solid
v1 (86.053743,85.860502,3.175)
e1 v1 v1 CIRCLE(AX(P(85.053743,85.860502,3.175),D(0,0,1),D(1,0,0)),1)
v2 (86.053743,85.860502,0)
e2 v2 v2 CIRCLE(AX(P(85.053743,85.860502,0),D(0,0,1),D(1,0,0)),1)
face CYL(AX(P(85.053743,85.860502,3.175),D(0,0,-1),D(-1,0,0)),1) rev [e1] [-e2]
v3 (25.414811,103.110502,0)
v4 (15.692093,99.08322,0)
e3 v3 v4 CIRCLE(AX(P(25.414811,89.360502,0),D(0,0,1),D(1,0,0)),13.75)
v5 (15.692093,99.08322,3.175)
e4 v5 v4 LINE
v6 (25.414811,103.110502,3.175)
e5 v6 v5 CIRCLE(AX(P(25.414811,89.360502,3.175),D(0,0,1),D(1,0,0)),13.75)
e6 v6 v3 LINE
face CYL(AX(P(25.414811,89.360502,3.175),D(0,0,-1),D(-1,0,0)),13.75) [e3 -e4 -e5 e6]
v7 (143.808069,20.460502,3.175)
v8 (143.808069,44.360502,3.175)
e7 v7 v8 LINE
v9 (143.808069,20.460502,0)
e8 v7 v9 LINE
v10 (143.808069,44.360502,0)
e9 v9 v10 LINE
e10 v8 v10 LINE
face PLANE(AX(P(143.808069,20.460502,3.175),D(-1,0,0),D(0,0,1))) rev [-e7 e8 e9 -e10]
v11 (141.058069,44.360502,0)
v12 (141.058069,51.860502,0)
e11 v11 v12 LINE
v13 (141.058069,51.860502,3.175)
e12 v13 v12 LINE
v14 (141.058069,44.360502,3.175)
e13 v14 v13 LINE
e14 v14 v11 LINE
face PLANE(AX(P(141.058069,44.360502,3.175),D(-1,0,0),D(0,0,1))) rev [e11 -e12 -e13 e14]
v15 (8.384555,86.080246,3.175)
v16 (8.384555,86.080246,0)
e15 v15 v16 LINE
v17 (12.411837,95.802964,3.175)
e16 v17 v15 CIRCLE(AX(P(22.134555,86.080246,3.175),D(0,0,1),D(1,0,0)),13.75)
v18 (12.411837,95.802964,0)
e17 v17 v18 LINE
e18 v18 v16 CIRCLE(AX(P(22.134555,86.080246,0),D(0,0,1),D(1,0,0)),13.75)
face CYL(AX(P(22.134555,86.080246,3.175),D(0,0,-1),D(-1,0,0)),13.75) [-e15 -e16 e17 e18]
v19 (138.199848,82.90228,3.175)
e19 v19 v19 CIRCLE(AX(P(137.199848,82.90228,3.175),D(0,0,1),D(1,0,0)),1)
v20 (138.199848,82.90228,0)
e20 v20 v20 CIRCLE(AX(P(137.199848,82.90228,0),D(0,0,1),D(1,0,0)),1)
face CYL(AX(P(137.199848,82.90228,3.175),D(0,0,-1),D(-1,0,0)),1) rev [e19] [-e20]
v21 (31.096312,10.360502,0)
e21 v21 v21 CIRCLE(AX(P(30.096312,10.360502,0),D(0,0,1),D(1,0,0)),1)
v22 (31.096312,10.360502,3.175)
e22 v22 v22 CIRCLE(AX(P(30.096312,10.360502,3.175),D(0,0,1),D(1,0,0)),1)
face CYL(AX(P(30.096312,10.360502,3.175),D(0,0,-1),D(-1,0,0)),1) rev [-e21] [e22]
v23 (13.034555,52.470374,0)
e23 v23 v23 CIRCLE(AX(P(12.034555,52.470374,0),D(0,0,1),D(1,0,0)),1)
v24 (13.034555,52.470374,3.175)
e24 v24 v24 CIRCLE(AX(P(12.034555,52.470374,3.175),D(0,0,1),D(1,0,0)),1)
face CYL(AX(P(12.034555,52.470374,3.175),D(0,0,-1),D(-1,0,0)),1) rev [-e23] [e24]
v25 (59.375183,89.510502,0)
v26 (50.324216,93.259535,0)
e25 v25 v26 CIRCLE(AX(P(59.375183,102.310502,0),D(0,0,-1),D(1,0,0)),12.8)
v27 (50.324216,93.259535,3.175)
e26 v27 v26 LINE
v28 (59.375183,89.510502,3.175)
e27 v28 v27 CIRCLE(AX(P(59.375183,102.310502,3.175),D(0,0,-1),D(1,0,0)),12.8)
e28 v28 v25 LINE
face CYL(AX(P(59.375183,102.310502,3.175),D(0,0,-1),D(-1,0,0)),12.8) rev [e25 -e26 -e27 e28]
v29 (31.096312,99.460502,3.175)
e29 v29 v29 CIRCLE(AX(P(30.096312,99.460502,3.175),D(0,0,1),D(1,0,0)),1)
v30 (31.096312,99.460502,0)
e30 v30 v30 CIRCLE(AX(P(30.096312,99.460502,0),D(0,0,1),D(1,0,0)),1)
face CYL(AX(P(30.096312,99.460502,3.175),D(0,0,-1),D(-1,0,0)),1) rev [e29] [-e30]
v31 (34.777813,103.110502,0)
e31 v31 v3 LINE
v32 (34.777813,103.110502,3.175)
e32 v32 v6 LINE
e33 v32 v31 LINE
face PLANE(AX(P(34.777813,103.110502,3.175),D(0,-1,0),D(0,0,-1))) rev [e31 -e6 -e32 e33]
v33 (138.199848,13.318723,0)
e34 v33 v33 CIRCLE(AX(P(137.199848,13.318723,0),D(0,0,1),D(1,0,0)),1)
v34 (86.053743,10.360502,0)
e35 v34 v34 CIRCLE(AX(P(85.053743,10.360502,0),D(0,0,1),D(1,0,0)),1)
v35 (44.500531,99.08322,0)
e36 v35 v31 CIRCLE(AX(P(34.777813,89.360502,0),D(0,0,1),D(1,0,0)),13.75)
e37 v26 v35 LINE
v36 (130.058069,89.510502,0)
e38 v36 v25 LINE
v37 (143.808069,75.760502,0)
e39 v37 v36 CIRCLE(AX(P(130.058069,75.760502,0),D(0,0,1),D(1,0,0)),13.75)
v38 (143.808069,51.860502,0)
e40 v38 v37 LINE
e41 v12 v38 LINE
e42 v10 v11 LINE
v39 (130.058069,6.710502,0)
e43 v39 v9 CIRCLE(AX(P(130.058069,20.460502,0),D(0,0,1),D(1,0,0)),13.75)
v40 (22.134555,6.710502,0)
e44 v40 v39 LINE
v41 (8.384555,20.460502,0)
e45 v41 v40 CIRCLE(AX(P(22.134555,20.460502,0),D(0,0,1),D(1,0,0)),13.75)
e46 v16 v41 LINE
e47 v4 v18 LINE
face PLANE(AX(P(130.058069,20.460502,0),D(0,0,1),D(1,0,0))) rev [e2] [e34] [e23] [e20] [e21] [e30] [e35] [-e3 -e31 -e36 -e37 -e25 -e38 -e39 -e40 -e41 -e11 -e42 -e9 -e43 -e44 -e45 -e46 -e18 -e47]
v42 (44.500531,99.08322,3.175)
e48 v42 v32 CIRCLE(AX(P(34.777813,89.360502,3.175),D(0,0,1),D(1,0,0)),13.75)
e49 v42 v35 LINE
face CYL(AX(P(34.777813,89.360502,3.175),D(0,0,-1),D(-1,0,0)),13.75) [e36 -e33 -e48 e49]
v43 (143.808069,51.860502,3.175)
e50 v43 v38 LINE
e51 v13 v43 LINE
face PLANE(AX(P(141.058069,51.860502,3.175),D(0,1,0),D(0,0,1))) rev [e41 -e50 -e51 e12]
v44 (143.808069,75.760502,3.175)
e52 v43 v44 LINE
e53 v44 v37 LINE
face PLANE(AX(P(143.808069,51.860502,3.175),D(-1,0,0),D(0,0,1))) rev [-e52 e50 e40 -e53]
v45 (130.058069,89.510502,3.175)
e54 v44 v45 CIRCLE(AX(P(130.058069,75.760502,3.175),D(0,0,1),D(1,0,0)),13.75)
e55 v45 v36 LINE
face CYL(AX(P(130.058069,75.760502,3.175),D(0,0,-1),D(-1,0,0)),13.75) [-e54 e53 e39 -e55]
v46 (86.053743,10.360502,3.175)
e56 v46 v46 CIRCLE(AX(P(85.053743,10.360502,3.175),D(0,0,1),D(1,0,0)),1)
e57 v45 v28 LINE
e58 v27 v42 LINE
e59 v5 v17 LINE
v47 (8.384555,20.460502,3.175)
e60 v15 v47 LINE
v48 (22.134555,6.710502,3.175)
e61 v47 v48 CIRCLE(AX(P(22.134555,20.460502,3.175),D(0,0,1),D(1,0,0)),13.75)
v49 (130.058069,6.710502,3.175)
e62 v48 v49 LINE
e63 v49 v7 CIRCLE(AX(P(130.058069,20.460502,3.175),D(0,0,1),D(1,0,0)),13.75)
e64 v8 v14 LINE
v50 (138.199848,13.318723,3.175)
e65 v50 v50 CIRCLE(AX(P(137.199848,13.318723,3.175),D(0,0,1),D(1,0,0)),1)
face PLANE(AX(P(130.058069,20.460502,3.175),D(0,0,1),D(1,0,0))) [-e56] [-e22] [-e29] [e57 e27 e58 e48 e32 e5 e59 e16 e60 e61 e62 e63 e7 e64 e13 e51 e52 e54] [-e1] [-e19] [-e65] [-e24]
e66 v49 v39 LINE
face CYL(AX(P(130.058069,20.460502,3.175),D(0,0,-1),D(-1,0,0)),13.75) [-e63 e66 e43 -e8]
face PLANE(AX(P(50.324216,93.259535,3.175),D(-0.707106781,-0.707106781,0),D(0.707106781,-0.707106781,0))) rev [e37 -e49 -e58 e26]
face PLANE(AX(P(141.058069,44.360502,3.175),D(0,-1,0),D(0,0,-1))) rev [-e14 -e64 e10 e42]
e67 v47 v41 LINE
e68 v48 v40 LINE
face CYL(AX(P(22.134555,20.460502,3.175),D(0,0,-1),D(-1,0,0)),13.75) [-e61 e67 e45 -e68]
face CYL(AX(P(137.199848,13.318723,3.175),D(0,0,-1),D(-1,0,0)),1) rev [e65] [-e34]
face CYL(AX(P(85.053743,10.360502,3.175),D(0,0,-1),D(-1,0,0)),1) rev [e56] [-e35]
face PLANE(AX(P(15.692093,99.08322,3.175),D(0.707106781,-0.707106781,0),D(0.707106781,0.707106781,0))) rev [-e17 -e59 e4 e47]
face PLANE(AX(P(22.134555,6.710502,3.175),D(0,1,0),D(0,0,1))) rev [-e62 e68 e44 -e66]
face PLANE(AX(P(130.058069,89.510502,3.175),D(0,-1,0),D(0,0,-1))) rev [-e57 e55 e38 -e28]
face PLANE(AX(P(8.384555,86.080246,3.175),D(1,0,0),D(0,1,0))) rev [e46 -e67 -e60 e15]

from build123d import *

# Parameters (mm, degrees)
SKETCH1_R           = 1
BOSS_EXTRUDE1_DEPTH = 3.175


with BuildPart() as part:
    # Sketch1 → Boss-Extrude1 (new body)
    with BuildSketch(Plane.XY):
        with BuildLine():
            Line((143.808069079, 20.460501739), (143.808069079, 44.360501739))
            Line((143.808069079, 44.360501739), (141.058069079, 44.360501739))
            Line((141.058069079, 44.360501739), (141.058069079, 51.860501739))
            Line((141.058069079, 51.860501739), (143.808069079, 51.860501739))
            Line((143.808069079, 51.860501739), (143.808069079, 75.76050174))
            ThreePointArc((143.808069079, 75.76050174), (139.780787321, 85.483219981), (130.058069079, 89.51050174))
            Line((130.058069079, 89.51050174), (59.375183039, 89.51050174))
            ThreePointArc((59.375183039, 89.51050174), (54.476835105, 90.484843724), (50.32421624, 93.259534941))
            Line((50.32421624, 93.259534941), (44.500531199, 99.083219981))
            ThreePointArc((44.500531199, 99.083219981), (40.039710153, 102.063845312), (34.777812958, 103.11050174))
            Line((34.777812958, 103.11050174), (25.414810921, 103.11050174))
            ThreePointArc((25.414810921, 103.11050174), (20.152913726, 102.063845312), (15.69209268, 99.083219981))
            Line((15.69209268, 99.083219981), (12.411836559, 95.80296386))
            ThreePointArc((12.411836559, 95.80296386), (9.431211228, 91.342142814), (8.3845548, 86.080245619))
            Line((8.3845548, 86.080245619), (8.3845548, 20.460501739))
            ThreePointArc((8.3845548, 20.460501739), (12.411836559, 10.737783497), (22.1345548, 6.710501739))
            Line((22.1345548, 6.710501739), (130.058069079, 6.710501739))
            ThreePointArc((130.058069079, 6.710501739), (139.780787321, 10.737783497), (143.808069079, 20.460501739))
        make_face()
        with Locations((12.0345548, 52.470373679)):
            Circle(SKETCH1_R, mode=Mode.SUBTRACT)
        with Locations((30.09631194, 99.46050174)):
            Circle(SKETCH1_R, mode=Mode.SUBTRACT)
        with Locations((85.053742799, 85.86050174)):
            Circle(SKETCH1_R, mode=Mode.SUBTRACT)
        with Locations((137.199847569, 82.902280229)):
            Circle(SKETCH1_R, mode=Mode.SUBTRACT)
        with Locations((137.199847569, 13.318723249)):
            Circle(SKETCH1_R, mode=Mode.SUBTRACT)
        with Locations((85.053742799, 10.36050174)):
            Circle(SKETCH1_R, mode=Mode.SUBTRACT)
        with Locations((30.09631194, 10.36050174)):
            Circle(SKETCH1_R, mode=Mode.SUBTRACT)
    extrude(amount=BOSS_EXTRUDE1_DEPTH)


solid = part.part
